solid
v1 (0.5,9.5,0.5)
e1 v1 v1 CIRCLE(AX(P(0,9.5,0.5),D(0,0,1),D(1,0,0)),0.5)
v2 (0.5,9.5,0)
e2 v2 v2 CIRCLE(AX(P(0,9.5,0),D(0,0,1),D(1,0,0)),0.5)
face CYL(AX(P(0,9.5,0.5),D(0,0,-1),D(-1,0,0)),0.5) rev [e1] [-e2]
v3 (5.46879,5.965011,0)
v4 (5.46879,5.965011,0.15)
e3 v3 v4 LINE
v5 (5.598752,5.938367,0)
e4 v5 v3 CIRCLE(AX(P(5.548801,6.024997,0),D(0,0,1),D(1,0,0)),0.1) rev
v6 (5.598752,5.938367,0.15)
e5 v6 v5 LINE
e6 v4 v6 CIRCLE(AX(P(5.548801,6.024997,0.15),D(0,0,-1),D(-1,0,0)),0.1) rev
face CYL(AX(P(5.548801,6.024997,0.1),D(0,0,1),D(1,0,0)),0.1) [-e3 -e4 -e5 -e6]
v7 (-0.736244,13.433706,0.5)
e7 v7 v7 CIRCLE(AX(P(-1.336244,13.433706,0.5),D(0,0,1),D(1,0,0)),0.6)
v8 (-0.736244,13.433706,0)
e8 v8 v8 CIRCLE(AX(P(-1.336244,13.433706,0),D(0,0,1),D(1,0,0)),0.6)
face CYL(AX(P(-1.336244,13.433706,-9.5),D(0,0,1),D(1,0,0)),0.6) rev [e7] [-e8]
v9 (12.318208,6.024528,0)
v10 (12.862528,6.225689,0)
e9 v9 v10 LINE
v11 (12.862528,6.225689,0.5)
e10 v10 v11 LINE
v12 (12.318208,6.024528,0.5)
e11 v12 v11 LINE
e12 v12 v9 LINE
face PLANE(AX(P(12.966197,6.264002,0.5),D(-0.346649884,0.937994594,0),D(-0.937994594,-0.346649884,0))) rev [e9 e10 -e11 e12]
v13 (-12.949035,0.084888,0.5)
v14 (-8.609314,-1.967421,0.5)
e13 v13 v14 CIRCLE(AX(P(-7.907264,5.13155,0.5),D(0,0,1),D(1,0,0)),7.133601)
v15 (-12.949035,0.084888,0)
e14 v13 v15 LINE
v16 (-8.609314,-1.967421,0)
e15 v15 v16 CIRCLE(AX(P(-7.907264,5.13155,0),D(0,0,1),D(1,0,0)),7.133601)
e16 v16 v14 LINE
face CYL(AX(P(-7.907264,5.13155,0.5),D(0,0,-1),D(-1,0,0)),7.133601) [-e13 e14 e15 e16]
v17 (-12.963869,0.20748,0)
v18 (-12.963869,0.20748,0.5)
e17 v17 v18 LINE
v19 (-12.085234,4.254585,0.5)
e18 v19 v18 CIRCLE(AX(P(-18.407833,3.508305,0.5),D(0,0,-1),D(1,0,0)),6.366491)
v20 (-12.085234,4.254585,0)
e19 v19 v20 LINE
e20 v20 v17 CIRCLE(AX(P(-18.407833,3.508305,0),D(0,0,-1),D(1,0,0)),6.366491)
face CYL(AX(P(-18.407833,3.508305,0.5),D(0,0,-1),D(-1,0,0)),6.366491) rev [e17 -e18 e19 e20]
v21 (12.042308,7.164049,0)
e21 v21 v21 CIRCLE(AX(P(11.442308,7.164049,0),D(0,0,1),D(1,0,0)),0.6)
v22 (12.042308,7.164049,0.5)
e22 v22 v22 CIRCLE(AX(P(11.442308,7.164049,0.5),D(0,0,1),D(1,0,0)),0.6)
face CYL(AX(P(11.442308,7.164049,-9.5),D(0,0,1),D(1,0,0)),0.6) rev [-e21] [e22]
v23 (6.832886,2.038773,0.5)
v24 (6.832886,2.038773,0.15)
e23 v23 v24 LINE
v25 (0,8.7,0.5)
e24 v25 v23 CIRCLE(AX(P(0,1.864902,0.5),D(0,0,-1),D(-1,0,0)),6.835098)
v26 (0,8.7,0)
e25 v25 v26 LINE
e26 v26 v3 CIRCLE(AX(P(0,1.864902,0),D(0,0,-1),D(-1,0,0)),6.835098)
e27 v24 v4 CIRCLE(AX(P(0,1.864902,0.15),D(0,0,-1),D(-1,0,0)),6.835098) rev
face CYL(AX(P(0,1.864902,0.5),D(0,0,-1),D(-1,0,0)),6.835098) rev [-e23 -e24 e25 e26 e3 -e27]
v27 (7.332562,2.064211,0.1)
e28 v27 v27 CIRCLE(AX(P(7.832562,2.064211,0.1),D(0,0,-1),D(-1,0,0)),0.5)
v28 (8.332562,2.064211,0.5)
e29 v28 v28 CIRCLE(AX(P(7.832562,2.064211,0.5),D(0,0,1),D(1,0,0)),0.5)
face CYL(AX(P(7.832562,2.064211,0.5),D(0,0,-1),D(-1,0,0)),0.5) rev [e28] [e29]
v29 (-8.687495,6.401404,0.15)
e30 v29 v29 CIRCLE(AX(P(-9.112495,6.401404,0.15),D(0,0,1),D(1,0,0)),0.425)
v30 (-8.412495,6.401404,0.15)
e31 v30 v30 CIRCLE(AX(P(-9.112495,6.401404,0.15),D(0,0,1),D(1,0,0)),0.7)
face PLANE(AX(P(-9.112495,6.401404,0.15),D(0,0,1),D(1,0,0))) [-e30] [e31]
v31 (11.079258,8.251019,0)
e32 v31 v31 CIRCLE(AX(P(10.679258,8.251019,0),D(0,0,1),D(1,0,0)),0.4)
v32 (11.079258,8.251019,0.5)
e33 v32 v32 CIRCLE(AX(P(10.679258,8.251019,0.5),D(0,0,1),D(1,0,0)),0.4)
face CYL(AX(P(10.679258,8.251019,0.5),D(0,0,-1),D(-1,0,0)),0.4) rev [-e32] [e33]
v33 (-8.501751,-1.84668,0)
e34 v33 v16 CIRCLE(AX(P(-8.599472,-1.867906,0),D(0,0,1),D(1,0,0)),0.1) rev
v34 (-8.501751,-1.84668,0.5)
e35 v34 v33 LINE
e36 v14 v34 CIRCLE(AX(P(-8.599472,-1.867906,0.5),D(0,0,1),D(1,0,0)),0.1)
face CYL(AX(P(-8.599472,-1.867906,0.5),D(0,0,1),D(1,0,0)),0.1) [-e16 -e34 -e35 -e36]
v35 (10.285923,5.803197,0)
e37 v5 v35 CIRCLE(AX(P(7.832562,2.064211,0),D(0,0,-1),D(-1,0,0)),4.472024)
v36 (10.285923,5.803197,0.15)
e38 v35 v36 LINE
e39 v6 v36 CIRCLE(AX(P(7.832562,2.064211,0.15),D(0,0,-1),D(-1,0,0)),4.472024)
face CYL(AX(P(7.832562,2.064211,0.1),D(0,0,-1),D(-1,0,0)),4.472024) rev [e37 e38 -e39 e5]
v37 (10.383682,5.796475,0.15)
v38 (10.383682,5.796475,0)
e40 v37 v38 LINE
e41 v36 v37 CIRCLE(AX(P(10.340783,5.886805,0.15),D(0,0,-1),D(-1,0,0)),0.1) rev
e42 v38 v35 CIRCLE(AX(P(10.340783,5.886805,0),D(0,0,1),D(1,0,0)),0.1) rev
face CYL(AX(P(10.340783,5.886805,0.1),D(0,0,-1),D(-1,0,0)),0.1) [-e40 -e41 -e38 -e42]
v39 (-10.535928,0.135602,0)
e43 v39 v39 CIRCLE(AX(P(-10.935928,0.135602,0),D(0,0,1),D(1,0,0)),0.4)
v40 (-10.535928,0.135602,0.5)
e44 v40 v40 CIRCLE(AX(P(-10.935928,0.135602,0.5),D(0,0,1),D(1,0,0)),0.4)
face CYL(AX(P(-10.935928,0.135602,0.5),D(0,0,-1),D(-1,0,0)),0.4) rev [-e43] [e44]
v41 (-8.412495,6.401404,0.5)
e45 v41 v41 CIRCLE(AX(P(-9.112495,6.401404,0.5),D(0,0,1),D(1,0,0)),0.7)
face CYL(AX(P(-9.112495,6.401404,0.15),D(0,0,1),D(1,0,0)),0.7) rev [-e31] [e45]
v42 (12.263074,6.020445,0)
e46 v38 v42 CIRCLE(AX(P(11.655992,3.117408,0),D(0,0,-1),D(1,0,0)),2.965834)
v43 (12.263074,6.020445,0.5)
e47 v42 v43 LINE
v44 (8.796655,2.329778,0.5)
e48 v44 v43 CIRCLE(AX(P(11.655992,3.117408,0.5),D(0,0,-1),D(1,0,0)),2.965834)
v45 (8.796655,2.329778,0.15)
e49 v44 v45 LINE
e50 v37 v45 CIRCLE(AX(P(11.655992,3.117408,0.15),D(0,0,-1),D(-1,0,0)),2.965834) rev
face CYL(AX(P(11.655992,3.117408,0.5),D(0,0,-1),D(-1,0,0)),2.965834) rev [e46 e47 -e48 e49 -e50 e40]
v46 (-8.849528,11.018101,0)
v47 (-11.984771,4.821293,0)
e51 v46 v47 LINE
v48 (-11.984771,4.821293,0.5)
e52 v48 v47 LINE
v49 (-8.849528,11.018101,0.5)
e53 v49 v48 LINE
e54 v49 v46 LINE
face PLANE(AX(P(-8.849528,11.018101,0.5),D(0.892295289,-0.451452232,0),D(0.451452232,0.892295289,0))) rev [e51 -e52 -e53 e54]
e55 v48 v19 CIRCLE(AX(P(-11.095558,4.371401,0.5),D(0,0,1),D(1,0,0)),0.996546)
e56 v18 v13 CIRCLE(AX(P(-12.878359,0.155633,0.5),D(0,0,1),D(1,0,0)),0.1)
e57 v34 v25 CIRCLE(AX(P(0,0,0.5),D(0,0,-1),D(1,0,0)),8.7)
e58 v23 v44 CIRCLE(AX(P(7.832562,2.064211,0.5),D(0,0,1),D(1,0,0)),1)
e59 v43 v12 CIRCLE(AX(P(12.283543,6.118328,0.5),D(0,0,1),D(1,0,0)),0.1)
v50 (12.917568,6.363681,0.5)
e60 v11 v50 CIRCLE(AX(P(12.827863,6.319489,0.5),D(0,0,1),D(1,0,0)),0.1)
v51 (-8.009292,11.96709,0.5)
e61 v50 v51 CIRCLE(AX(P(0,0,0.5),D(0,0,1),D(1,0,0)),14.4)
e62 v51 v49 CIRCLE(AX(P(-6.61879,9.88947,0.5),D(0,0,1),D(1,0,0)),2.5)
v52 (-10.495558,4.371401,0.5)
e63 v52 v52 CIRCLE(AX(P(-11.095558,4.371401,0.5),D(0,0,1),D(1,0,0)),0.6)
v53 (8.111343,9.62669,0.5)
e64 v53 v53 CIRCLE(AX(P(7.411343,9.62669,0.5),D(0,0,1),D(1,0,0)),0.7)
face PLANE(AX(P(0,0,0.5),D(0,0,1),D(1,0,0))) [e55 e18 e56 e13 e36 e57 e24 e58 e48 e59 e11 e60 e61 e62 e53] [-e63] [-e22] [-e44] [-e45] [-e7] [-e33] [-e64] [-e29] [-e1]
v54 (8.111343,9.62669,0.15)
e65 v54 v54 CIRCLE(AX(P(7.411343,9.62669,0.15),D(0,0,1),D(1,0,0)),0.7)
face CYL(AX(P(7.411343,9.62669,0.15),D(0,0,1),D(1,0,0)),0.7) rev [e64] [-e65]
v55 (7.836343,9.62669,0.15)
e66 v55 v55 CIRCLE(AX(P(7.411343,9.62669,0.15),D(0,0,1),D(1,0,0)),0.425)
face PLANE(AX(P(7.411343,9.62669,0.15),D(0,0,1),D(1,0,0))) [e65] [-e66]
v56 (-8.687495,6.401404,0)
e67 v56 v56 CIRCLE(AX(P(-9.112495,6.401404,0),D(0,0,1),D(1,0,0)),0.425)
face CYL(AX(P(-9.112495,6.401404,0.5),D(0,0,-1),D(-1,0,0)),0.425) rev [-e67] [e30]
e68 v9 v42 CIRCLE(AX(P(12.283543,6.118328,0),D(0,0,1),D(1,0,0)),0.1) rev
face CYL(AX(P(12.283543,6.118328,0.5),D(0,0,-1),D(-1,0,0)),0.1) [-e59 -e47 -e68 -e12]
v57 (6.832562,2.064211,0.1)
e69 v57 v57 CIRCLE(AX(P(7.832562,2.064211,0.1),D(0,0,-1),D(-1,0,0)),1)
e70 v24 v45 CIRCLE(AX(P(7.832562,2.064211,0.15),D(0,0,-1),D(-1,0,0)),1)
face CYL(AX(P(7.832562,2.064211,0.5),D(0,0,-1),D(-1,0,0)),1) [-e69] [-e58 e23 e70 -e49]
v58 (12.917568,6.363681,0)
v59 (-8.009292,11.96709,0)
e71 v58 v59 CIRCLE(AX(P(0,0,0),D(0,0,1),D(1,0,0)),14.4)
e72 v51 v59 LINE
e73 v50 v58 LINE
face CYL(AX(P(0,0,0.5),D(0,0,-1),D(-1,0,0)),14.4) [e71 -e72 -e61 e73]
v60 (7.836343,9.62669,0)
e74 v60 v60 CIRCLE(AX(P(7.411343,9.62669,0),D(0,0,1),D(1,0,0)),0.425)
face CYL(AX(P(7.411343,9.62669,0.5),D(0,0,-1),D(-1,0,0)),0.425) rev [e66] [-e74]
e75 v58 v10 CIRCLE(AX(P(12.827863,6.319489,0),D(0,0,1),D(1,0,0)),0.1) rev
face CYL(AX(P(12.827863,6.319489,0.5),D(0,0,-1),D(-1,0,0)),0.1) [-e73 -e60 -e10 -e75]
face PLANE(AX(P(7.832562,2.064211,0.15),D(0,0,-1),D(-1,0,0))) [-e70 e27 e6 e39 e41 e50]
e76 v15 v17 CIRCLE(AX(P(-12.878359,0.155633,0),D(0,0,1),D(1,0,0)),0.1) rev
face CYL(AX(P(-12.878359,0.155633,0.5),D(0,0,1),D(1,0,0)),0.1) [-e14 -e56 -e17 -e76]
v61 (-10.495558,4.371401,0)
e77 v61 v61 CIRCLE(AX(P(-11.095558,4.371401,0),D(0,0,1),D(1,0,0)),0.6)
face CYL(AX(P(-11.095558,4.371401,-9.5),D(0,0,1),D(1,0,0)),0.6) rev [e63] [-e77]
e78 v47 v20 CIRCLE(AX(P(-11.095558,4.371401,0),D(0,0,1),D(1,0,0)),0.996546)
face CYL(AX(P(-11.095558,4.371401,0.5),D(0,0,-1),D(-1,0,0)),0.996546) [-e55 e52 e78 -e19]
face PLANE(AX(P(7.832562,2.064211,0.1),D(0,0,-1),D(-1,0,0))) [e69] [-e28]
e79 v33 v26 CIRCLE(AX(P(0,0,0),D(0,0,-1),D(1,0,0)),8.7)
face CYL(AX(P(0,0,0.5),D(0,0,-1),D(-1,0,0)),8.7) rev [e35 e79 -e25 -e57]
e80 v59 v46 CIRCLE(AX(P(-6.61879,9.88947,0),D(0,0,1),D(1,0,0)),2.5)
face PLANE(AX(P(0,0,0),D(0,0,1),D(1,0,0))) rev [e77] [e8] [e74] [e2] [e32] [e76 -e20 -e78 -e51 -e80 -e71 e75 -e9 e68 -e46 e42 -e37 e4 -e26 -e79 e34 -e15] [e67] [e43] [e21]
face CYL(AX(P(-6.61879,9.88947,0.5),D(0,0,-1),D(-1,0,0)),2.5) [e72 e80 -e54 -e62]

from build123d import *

# Parameters (mm, degrees)
SKETCH_1_R          = 0.5
SKETCH_1_R_2        = 0.4
SKETCH_1_R_3        = 0.425
EXTRUDE_1_DEPTH     = 0.5
SKETCH_2_R          = 4.472023715
CUT_EXTRUDE_1_DEPTH = 0.1
SKETCH_3_R          = 0.7
CUT_EXTRUDE_2_DEPTH = 0.35
SKETCH_4_R          = 4.472023715
SKETCH_4_R_2        = 1
CUT_EXTRUDE_3_DEPTH = 0.05
FILLET_1_R          = 0.1
SKETCH_5_R          = 0.6
CUT_EXTRUDE_4_DEPTH = 10


with BuildPart() as part:
    # Эскиз1 → Бобышка-Вытянуть1 (new body)
    with BuildSketch(Plane.XY):
        with BuildLine():
            Line((12.966197468, 6.264002172), (12.290985741, 6.014467613))
            ThreePointArc((12.290985741, 6.014467613), (9.503979032, 5.15824387), (8.79665468, 2.329778252))
            ThreePointArc((8.79665468, 2.329778252), (7.979149058, 1.075012683), (6.832886069, 2.038772631))
            ThreePointArc((6.832886069, 2.038772631), (4.771275566, 6.759132651), (0, 8.7))
            ThreePointArc((0, 8.7), (-6.815908497, 5.406791226), (-8.471768795, -1.979680148))
            ThreePointArc((-8.471768795, -1.979680148), (-10.930300525, -1.329835953), (-13.004676896, 0.141095189))
            ThreePointArc((-13.004676896, 0.141095189), (-12.194658567, 2.119542362), (-12.085233501, 4.254585469))
            ThreePointArc((-12.085233501, 4.254585469), (-12.076804664, 4.545349887), (-11.984771054, 4.821293371))
            Line((-11.984771054, 4.821293371), (-8.849528074, 11.018100783))
            ThreePointArc((-8.849528074, 11.018100783), (-8.490551174, 11.546729856), (-8.009291923, 11.967089993))
            ThreePointArc((-8.009291923, 11.967089993), (3.778098837, 13.895537743), (12.966197468, 6.264002172))
        make_face()
        with Locations((7.832562474, 2.064210526)):
            Circle(SKETCH_1_R, mode=Mode.SUBTRACT)
        with Locations((0, 9.5)):
            Circle(SKETCH_1_R, mode=Mode.SUBTRACT)
        with Locations((-10.935928421, 0.135601584)):
            Circle(SKETCH_1_R_2, mode=Mode.SUBTRACT)
        with Locations((-9.112495388, 6.401403857)):
            Circle(SKETCH_1_R_3, mode=Mode.SUBTRACT)
        with Locations((7.411343366, 9.626689996)):
            Circle(SKETCH_1_R_3, mode=Mode.SUBTRACT)
        with Locations((10.679257851, 8.251019039)):
            Circle(SKETCH_1_R_2, mode=Mode.SUBTRACT)
    extrude(amount=EXTRUDE_1_DEPTH)

    # Эскиз2 → Вырез-Вытянуть1 (cut)
    with BuildSketch(Plane(origin=(0, 0, 0), x_dir=(-1, 0, 0), z_dir=(0, 0, -1))):
        with Locations((-7.832562474, 2.064210526)):
            Circle(SKETCH_2_R)
    extrude(amount=-CUT_EXTRUDE_1_DEPTH, mode=Mode.SUBTRACT)

    # Эскиз3 → Вырез-Вытянуть2 (cut)
    with BuildSketch(Plane.XY.offset(0.5)):
        with Locations((-9.112495388, 6.401403857)):
            Circle(SKETCH_3_R)
        with Locations((7.411343366, 9.626689996)):
            Circle(SKETCH_3_R)
    extrude(amount=-CUT_EXTRUDE_2_DEPTH, mode=Mode.SUBTRACT)

    # Эскиз4 → Вырез-Вытянуть3 (cut)
    with BuildSketch(Plane(origin=(0, 0, 0.1), x_dir=(-1, 0, 0), z_dir=(0, 0, -1))):
        with Locations((-7.832562474, 2.064210526)):
            Circle(SKETCH_4_R)
        with Locations((-7.832562474, 2.064210526)):
            Circle(SKETCH_4_R_2, mode=Mode.SUBTRACT)
    extrude(amount=-CUT_EXTRUDE_3_DEPTH, mode=Mode.SUBTRACT)

    # Скругление1
    fillet_1_edges = [part.edges().sort_by_distance(p)[0] for p in [
        (12.966197468, 6.264002172, 0.25),
        (12.290985741, 6.014467613, 0.25),
        (-8.471768795, -1.979680148, 0.25),
        (-13.004676896, 0.141095189, 0.25),
        (10.333057023, 5.771840917, 0.075),
        (5.521987637, 5.893079815, 0.075),
    ]]
    fillet(fillet_1_edges, radius=FILLET_1_R)

    # Эскиз5 → Вырез-Вытянуть4 (cut)
    with BuildSketch(Plane.XY.offset(0.5)):
        with Locations((-11.09555803, 4.371400595)):
            Circle(SKETCH_5_R)
        with Locations((11.442307716, 7.164048725)):
            Circle(SKETCH_5_R)
        with Locations((-1.336244315, 13.433705785)):
            Circle(SKETCH_5_R)
    extrude(amount=-CUT_EXTRUDE_4_DEPTH, mode=Mode.SUBTRACT)


solid = part.part
